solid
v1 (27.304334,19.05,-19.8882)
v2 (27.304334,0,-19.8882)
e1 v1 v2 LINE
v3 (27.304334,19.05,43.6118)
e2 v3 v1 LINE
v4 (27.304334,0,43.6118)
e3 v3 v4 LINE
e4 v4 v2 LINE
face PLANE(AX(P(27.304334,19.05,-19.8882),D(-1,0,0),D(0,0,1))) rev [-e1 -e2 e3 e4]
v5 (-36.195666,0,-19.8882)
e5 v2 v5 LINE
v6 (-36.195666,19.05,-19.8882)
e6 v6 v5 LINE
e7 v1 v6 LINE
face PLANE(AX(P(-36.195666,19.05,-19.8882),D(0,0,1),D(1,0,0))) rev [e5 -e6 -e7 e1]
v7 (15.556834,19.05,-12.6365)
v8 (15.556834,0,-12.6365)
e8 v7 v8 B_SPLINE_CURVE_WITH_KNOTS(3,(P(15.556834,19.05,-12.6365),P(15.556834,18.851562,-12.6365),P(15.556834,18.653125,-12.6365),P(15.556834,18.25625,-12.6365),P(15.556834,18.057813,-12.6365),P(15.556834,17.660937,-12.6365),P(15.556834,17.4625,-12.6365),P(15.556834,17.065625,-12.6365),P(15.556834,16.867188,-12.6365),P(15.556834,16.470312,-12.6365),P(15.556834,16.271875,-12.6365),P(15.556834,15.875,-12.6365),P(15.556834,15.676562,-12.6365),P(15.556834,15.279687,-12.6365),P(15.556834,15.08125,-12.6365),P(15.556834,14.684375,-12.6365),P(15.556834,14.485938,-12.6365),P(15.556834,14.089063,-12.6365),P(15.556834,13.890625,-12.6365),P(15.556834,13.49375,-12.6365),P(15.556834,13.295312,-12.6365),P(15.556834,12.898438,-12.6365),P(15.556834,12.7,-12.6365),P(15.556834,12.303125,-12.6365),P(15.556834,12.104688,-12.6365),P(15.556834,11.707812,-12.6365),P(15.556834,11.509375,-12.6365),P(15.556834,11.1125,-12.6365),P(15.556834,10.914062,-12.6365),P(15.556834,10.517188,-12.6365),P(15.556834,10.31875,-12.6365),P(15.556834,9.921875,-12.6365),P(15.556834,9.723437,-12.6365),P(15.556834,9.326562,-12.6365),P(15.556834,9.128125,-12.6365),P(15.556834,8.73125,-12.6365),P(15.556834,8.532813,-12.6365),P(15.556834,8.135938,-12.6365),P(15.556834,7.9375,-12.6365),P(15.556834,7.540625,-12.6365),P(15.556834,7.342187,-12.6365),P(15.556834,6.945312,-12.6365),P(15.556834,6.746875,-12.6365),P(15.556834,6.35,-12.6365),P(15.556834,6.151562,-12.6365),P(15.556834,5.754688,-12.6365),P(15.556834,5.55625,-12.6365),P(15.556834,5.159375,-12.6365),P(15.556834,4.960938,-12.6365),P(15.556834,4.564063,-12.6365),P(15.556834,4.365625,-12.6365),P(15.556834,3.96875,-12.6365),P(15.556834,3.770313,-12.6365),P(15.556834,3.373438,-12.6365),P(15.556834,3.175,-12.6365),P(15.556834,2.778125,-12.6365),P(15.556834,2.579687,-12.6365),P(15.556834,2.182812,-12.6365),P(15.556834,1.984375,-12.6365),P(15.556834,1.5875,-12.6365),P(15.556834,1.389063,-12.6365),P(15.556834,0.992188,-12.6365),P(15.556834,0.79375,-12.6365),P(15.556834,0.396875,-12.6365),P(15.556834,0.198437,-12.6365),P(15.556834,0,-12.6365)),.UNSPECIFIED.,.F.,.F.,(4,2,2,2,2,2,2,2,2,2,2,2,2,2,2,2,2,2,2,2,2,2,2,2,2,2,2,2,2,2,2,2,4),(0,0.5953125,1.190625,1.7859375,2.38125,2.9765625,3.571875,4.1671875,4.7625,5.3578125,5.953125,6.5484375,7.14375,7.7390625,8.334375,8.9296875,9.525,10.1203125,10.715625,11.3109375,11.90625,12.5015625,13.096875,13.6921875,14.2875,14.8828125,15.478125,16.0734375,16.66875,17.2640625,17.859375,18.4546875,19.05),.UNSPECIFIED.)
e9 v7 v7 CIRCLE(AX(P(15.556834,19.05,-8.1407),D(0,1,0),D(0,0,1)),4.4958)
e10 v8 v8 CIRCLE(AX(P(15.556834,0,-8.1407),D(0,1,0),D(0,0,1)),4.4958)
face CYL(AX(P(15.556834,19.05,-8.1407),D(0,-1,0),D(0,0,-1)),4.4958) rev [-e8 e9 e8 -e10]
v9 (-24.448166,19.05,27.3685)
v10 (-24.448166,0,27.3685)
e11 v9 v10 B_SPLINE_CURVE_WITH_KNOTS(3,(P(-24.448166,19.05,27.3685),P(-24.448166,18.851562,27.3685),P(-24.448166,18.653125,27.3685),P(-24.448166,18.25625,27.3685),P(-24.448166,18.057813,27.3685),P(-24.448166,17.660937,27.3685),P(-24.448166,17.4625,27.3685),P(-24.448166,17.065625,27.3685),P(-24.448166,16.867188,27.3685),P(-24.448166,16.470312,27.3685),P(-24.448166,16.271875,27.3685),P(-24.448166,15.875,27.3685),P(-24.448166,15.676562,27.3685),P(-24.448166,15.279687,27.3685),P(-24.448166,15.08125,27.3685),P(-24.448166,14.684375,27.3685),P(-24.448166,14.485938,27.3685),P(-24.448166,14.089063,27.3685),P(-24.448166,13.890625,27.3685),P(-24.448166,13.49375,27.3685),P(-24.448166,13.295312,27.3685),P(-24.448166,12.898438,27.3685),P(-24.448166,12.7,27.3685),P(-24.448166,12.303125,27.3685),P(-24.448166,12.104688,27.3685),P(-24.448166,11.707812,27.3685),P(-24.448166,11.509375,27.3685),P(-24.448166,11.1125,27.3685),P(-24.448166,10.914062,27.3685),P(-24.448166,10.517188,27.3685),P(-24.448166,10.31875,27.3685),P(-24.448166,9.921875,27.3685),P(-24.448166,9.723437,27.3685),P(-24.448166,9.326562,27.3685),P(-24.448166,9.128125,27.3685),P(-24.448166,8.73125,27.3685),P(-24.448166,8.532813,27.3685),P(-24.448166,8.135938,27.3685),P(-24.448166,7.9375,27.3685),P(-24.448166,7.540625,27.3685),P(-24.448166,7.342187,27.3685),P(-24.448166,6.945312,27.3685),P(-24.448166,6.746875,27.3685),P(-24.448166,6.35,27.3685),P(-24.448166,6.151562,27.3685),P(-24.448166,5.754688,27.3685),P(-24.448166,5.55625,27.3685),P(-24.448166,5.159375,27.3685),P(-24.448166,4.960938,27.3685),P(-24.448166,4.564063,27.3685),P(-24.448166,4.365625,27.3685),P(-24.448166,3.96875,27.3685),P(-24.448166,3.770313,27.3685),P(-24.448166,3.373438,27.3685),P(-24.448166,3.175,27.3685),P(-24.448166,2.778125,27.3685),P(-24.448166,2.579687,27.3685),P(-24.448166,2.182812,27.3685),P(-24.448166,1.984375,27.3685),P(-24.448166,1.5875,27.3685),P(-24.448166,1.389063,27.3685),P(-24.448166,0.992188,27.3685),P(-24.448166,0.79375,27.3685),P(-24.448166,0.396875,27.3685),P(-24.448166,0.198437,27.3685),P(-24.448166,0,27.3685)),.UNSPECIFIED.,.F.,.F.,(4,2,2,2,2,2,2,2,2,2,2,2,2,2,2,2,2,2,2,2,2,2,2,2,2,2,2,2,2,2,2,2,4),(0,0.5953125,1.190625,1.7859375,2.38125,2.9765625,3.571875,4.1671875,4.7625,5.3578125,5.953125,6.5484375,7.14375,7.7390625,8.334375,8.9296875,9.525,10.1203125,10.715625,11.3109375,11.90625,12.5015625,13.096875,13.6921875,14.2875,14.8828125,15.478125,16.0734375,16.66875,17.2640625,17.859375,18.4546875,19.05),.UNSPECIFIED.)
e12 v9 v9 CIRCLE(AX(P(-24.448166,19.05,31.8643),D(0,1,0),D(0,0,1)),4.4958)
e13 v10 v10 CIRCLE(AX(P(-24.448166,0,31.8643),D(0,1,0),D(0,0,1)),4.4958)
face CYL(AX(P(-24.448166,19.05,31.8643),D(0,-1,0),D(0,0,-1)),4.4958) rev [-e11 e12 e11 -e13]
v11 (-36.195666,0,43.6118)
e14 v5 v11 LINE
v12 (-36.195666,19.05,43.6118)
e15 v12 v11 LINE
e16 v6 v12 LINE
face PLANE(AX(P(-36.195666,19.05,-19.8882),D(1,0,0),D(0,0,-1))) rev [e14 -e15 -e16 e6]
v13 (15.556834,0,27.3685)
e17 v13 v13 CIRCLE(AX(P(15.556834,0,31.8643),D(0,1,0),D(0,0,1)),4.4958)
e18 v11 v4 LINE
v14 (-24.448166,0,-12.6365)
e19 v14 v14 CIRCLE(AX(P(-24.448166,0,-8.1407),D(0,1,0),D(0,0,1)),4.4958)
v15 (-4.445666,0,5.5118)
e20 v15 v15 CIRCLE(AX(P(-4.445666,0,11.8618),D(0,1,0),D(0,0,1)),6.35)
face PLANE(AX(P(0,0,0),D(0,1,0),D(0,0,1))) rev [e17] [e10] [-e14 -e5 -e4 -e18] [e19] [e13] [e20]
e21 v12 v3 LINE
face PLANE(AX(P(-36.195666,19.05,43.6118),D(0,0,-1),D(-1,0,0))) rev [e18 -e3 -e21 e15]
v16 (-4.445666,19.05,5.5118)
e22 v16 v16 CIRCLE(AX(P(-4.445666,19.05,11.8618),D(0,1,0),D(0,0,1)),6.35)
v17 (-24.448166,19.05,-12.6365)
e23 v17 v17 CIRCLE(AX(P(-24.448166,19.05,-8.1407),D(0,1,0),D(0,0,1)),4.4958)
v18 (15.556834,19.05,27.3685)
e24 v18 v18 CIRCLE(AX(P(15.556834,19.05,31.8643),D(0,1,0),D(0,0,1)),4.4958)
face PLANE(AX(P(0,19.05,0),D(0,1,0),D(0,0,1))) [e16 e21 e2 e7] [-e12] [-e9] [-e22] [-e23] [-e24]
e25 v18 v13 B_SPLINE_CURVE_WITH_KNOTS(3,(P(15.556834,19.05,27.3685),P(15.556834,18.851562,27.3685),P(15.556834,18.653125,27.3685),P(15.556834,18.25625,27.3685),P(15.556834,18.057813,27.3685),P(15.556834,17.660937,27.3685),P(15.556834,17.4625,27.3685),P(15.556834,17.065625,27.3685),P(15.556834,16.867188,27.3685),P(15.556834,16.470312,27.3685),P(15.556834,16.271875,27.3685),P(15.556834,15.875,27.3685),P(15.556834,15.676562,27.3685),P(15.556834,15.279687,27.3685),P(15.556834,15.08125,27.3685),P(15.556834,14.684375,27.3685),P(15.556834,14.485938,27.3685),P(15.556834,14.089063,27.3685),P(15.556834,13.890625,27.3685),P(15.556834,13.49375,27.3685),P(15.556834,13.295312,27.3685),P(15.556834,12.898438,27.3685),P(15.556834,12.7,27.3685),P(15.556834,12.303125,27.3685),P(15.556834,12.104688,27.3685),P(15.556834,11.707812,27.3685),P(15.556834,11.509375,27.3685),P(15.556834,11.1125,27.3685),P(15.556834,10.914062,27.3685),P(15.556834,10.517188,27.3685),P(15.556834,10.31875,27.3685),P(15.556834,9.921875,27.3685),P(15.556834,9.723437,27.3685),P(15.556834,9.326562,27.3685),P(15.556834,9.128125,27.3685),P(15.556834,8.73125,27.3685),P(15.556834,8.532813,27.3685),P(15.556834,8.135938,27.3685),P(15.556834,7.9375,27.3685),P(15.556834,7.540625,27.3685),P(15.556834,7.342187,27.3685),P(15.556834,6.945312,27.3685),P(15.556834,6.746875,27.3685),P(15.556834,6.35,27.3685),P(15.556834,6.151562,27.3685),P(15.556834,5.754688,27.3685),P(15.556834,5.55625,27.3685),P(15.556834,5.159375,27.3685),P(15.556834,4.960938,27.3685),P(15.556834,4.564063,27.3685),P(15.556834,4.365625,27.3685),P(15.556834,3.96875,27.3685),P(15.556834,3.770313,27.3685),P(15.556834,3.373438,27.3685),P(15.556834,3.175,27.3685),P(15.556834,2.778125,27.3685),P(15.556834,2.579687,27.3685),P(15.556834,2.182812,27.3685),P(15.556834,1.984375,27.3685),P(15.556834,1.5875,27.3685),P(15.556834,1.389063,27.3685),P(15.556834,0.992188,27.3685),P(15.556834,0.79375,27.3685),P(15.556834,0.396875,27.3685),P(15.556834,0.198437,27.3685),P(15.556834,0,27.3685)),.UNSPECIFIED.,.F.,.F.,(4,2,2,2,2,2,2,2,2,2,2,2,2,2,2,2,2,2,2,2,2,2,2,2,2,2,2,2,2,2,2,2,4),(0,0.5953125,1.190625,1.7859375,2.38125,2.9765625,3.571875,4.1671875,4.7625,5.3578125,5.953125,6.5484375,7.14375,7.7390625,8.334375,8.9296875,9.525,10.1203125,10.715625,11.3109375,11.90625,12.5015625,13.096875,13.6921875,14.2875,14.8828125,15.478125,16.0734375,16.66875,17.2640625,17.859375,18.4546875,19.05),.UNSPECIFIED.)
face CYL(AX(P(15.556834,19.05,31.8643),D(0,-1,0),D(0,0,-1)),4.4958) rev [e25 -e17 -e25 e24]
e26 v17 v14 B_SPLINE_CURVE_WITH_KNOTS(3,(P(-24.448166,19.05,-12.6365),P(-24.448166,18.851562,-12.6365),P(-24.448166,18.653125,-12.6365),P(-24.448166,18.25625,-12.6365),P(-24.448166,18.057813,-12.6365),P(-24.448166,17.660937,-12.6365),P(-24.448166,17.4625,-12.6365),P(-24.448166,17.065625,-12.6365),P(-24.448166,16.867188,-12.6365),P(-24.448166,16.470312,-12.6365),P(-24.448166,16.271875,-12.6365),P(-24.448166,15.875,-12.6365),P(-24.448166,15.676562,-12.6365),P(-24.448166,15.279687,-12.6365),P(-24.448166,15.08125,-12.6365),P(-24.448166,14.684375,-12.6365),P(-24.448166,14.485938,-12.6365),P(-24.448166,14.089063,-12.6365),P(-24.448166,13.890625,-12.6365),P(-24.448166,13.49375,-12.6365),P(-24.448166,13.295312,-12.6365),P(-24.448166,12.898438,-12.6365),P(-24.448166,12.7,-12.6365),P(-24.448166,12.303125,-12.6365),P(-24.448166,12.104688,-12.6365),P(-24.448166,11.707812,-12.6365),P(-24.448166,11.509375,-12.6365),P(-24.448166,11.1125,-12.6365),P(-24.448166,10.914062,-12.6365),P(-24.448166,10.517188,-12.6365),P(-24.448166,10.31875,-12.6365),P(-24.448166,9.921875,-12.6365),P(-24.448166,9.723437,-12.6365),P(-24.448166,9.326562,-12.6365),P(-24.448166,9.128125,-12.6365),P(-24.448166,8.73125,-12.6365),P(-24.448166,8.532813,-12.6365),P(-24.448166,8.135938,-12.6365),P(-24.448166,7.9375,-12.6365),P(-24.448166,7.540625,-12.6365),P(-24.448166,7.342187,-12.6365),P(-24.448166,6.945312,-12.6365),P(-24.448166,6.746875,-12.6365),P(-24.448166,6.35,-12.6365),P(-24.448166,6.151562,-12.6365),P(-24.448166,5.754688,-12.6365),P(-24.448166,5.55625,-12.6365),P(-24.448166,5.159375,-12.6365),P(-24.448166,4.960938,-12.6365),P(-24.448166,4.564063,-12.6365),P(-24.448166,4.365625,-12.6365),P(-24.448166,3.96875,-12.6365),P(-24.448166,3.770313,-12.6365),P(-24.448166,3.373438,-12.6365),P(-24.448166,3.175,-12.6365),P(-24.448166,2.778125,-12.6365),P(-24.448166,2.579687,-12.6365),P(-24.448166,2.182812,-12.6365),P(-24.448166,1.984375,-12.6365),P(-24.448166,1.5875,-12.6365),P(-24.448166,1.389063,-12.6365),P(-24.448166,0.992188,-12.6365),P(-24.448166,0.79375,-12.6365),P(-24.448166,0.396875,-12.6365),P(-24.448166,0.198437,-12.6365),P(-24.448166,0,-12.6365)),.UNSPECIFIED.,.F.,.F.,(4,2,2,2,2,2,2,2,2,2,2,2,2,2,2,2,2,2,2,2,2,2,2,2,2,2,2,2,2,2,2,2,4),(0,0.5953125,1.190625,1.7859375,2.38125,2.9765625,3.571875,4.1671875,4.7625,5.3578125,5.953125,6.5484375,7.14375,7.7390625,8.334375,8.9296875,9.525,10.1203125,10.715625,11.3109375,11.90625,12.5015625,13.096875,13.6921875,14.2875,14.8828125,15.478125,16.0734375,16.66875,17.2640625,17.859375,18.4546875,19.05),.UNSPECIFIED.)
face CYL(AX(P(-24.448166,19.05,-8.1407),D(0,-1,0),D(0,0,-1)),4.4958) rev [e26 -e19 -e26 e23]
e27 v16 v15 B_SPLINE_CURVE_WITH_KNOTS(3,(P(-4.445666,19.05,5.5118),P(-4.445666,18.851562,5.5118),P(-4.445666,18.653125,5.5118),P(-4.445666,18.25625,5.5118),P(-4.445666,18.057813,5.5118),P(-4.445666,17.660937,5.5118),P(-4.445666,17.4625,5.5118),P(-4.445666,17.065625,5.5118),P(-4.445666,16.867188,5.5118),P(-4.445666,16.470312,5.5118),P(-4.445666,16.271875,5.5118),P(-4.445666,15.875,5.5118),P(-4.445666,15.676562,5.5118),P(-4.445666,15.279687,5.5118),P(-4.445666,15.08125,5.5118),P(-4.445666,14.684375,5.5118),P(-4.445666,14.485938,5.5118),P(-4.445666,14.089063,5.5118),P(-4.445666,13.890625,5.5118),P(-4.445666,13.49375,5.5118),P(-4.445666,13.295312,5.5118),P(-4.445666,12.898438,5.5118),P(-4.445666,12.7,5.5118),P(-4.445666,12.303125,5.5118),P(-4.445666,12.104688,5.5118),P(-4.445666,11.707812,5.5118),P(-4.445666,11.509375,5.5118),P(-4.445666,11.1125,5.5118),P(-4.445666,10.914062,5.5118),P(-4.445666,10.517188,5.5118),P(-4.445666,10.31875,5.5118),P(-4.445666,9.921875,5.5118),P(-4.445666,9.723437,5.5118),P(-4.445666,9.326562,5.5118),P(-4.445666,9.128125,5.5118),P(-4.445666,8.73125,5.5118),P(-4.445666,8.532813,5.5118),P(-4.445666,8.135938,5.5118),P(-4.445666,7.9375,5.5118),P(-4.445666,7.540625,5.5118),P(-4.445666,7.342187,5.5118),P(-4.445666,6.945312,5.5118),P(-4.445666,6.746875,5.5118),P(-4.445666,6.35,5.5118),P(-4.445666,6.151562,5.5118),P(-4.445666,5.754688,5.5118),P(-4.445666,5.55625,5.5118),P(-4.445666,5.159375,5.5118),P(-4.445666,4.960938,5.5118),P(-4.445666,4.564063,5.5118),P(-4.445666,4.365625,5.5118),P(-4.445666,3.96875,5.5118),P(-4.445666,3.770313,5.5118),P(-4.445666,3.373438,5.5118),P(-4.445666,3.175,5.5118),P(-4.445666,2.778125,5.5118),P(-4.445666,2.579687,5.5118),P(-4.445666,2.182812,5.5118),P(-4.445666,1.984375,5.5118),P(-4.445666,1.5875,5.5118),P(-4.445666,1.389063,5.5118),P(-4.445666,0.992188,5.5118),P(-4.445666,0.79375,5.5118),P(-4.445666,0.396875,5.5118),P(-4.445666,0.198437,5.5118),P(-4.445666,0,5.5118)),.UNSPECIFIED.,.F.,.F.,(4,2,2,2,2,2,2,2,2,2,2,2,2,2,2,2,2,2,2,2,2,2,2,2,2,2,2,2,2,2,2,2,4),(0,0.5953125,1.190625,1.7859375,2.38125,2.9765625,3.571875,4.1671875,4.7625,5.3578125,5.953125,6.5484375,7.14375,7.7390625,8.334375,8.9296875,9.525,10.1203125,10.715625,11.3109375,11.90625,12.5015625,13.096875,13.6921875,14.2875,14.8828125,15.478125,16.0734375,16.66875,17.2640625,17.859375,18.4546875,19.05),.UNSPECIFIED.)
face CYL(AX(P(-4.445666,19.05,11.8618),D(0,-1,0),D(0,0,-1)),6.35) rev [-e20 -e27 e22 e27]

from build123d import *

# Parameters (mm, degrees)
SKETCH1_W           = 63.5
SKETCH1_H           = 63.5
SKETCH1_R           = 6.35
BOSS_EXTRUDE1_DEPTH = 19.05
SKETCH3_R           = 4.4958
CUT_EXTRUDE2_DEPTH  = 19.05


with BuildPart() as part:
    # Sketch1 → Boss-Extrude1 (new body)
    with BuildSketch(Plane(origin=(0, 0, 0), x_dir=(1, 0, 0), z_dir=(0, 1, 0))):
        with Locations((-4.445666472, -11.8618)):
            Rectangle(SKETCH1_W, SKETCH1_H)
        with Locations(Location((-4.445666472, -11.8618, 0), (0, 0, 90))):
            Circle(SKETCH1_R, mode=Mode.SUBTRACT)
    extrude(amount=BOSS_EXTRUDE1_DEPTH)

    # Sketch3 → Cut-Extrude2 (cut)
    with BuildSketch(Plane(origin=(0, 0, 0), x_dir=(1, 0, 0), z_dir=(0, 1, 0))):
        with Locations(Location((-24.448166472, 8.1407, 0), (0, 0, 90))):
            Circle(SKETCH3_R)
        with Locations(Location((15.556833528, 8.1407, 0), (0, 0, 90))):
            Circle(SKETCH3_R)
        with Locations(Location((15.556833528, -31.8643, 0), (0, 0, 90))):
            Circle(SKETCH3_R)
        with Locations(Location((-24.448166472, -31.8643, 0), (0, 0, 90))):
            Circle(SKETCH3_R)
    extrude(amount=CUT_EXTRUDE2_DEPTH, mode=Mode.SUBTRACT)


solid = part.part
